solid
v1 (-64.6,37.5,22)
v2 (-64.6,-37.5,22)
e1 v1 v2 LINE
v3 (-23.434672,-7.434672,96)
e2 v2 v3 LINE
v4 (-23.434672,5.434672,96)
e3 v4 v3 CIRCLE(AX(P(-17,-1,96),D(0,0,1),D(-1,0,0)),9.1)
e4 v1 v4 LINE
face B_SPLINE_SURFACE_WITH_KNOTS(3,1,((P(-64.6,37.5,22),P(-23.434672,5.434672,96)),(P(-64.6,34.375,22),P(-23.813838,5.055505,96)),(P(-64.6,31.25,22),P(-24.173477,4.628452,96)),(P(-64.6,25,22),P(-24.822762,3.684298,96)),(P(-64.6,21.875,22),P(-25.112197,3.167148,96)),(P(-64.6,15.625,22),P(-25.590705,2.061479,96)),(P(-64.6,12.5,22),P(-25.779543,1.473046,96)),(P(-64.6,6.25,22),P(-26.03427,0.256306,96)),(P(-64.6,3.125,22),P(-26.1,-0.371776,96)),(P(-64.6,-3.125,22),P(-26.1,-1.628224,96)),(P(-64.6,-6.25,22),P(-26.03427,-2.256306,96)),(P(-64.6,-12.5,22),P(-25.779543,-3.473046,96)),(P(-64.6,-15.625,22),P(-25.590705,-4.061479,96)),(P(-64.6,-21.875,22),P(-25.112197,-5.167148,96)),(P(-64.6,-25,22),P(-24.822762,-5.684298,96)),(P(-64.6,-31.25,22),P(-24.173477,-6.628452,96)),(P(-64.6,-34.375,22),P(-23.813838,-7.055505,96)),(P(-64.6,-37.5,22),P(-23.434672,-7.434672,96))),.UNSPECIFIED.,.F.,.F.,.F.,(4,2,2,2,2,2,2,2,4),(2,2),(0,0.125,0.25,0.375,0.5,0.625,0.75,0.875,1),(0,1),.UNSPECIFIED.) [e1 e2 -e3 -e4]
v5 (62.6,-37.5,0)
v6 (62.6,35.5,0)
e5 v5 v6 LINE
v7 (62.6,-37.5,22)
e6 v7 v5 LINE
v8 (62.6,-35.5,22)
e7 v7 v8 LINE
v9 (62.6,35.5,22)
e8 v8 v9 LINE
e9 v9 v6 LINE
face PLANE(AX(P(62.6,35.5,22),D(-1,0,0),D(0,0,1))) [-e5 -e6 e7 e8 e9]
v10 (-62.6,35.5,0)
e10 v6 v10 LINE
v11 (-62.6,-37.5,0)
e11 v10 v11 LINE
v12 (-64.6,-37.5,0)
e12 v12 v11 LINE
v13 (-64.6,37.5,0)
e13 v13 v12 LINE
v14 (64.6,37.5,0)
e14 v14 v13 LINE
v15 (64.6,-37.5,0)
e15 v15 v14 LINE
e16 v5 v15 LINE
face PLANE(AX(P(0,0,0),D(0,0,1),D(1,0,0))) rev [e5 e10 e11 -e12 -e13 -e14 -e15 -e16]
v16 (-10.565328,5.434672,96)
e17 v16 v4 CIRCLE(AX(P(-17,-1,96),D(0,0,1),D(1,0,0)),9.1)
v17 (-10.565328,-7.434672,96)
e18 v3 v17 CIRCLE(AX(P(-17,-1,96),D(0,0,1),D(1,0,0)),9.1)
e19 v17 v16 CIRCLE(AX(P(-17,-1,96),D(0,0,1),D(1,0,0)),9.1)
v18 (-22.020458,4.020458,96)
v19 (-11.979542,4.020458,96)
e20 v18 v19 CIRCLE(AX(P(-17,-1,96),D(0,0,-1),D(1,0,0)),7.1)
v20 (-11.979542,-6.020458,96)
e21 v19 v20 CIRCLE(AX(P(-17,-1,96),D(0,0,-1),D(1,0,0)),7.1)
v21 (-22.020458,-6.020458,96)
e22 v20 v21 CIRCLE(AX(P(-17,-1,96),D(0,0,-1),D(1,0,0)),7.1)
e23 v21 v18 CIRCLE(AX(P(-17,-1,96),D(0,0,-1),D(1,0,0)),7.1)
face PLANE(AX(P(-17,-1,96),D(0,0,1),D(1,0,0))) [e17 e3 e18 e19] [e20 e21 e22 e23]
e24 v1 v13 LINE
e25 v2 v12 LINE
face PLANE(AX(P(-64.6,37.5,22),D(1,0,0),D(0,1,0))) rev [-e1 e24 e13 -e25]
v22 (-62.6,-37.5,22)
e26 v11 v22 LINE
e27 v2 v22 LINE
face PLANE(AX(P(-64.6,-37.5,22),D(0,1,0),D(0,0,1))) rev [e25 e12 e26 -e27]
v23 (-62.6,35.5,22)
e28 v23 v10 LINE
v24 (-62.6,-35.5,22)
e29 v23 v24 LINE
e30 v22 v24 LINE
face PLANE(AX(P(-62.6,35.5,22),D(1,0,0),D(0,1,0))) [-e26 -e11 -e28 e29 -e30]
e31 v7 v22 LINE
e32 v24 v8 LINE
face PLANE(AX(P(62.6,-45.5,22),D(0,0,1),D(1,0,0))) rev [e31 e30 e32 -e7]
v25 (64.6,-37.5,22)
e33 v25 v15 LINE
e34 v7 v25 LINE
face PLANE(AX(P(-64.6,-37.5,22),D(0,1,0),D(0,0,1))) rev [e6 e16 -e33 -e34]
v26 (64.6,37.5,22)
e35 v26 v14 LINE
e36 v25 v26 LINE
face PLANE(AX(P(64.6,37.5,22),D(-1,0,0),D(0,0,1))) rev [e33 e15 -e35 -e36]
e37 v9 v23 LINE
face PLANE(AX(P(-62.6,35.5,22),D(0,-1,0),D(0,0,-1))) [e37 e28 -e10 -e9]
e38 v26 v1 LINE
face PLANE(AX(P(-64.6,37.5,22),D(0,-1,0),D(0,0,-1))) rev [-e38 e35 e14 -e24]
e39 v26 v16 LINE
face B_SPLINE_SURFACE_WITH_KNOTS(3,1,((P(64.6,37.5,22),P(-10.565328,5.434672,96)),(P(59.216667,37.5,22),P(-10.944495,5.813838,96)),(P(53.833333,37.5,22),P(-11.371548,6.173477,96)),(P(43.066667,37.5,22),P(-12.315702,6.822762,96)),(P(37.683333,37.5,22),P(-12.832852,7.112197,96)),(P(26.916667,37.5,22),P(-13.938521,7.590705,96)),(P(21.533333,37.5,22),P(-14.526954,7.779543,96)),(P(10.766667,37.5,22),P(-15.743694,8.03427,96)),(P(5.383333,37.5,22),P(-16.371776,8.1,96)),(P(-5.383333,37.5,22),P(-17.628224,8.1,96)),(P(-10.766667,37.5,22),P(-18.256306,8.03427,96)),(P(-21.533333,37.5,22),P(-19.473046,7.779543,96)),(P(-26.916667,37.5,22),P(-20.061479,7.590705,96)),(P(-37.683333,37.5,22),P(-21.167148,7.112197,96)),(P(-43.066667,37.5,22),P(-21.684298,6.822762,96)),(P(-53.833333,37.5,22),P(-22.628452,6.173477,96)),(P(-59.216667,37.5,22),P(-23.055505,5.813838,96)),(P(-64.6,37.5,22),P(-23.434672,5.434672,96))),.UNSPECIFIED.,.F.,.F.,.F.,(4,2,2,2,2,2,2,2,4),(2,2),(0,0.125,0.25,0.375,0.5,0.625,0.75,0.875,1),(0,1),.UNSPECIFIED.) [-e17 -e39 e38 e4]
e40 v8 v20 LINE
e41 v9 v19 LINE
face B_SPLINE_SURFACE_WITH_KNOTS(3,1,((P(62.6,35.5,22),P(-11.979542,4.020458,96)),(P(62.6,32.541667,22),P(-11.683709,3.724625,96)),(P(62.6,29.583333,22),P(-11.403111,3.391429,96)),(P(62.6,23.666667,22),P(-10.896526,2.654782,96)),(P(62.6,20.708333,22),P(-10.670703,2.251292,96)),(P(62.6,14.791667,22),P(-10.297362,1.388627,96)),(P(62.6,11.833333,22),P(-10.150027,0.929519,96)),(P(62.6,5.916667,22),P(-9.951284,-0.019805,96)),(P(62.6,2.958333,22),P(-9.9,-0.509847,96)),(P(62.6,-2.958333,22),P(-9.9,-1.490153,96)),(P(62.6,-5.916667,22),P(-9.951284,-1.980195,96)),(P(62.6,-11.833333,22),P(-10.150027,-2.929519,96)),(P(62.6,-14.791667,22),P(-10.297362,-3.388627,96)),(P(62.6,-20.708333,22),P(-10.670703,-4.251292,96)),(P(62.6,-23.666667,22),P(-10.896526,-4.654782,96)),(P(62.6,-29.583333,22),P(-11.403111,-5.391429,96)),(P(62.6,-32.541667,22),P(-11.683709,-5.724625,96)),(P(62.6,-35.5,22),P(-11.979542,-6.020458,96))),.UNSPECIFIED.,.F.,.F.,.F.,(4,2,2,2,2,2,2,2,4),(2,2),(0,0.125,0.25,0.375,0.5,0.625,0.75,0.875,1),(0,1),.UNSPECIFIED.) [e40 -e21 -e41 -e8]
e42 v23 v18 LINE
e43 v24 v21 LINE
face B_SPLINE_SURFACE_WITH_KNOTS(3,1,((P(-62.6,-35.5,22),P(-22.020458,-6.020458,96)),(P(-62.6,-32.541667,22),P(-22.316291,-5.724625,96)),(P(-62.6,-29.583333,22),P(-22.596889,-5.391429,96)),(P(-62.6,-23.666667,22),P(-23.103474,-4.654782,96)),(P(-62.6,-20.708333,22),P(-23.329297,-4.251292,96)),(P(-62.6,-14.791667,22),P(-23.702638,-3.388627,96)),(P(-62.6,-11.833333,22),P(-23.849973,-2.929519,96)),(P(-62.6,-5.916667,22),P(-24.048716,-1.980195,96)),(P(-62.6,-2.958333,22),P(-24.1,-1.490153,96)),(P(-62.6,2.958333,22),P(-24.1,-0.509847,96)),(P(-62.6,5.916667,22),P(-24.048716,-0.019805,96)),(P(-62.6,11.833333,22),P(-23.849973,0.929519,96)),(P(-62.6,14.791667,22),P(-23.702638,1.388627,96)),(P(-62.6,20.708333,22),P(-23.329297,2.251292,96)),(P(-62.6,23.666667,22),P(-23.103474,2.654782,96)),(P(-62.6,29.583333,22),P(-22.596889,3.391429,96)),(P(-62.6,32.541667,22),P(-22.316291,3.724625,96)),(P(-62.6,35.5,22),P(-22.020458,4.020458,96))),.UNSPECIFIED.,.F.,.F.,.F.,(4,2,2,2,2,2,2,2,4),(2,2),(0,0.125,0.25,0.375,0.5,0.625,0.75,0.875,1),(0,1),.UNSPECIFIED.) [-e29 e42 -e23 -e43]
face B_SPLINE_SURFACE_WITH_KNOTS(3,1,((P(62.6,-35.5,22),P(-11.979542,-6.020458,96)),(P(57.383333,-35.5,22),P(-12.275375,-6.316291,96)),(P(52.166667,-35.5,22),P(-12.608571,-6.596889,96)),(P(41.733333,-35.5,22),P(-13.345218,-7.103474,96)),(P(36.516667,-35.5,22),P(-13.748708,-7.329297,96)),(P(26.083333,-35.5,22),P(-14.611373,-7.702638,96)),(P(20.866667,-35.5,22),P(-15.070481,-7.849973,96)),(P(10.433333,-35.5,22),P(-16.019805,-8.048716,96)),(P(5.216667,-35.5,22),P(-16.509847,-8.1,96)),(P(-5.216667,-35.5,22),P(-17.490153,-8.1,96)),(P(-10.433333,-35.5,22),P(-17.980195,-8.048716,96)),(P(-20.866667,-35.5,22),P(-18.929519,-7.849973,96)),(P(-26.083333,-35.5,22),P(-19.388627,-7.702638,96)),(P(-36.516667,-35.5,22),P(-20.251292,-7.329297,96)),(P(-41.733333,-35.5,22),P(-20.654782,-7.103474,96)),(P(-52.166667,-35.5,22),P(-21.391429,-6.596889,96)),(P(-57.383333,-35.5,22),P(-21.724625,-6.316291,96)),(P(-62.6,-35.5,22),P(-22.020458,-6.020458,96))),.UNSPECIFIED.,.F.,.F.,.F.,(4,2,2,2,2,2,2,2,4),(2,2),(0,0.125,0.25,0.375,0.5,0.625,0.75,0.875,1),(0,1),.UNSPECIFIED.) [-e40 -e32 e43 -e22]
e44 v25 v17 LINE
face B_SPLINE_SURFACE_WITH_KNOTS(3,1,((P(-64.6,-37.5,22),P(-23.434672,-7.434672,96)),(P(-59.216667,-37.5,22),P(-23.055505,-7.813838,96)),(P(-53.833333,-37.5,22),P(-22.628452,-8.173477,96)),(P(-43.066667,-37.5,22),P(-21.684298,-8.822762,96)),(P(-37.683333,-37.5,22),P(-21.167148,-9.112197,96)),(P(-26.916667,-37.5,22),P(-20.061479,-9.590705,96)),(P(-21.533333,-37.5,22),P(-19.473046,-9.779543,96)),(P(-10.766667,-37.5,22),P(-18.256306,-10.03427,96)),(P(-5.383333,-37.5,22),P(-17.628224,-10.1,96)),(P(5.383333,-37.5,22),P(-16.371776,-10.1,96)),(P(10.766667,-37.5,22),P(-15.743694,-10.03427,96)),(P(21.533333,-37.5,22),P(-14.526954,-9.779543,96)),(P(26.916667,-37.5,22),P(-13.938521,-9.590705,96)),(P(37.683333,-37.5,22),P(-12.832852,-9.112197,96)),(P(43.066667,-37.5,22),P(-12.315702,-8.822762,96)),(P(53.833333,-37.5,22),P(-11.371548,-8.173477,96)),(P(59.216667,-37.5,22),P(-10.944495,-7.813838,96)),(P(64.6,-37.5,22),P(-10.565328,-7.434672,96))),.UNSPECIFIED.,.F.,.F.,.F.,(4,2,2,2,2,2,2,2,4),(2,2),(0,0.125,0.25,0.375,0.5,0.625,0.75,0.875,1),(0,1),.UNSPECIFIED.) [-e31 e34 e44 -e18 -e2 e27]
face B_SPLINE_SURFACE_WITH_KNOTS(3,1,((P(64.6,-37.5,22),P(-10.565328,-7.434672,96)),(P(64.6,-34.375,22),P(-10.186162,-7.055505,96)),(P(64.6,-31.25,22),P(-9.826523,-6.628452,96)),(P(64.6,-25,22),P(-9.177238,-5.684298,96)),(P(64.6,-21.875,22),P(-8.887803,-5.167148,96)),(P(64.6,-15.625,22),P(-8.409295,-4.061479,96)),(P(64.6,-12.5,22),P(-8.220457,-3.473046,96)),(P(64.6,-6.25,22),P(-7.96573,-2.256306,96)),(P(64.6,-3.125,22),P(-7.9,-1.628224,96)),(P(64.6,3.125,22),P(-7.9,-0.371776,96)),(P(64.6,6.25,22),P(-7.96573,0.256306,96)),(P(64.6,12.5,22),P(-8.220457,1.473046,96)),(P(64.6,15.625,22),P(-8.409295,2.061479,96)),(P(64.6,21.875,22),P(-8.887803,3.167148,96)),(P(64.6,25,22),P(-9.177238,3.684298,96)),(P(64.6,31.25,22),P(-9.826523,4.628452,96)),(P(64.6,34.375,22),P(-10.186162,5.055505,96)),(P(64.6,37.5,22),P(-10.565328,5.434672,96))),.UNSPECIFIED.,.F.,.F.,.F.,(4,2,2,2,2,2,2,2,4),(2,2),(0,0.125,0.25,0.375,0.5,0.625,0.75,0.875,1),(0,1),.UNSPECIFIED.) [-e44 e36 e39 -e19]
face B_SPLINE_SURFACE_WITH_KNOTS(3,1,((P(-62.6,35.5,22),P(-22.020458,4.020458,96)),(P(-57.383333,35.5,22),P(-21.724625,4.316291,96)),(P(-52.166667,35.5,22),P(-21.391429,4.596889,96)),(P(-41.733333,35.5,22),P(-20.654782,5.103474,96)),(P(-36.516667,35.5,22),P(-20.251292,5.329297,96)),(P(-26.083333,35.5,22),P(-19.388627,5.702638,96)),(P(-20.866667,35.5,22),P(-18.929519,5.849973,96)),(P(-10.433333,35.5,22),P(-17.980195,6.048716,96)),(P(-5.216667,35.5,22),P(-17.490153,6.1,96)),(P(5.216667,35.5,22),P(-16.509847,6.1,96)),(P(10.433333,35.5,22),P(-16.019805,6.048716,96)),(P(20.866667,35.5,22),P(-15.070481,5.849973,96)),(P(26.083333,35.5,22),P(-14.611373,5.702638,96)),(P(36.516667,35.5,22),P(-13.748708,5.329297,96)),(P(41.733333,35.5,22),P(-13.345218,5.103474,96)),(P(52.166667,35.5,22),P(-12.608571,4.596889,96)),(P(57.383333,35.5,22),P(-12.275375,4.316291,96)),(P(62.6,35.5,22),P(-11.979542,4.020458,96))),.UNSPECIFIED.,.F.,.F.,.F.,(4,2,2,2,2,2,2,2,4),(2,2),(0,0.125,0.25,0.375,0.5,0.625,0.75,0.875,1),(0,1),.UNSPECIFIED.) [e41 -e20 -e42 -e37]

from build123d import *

# Parameters (mm, degrees)
SKETCH_1_W          = 129.2
SKETCH_1_H          = 75
SKETCH_1_W_2        = 125.2
SKETCH_1_H_2        = 71
EXTRUDE_1_DEPTH     = 22
SKETCH_11_W         = 125.2
SKETCH_11_H         = 22
CUT_EXTRUDE_1_DEPTH = 10


with BuildPart() as part:
    # 草图1 → 凸台-拉伸1 (new body)
    with BuildSketch(Plane.XY):
        Rectangle(SKETCH_1_W, SKETCH_1_H)
        Rectangle(SKETCH_1_W_2, SKETCH_1_H_2, mode=Mode.SUBTRACT)
    extrude(amount=EXTRUDE_1_DEPTH)

    # 草图2 → 放样1 section 0
    with BuildSketch(Plane.XY.offset(22)):
        with BuildLine():
            Line((-64.6, 37.5), (-62.6, 35.5))
            Line((-62.6, 35.5), (62.6, 35.5))
            Line((62.6, 35.5), (64.6, 37.5))
            Line((64.6, 37.5), (-64.6, 37.5))
        make_face()
    # 草图6 for 放样1 → 放样1 section 1
    with BuildSketch(Plane.XY.offset(96)):
        with BuildLine():
            Line((-22.020458146, 4.020458146), (-23.434671709, 5.434671709))
            # circular arc as an exact rational Bezier (weights 1, cos(half-angle), 1)
            Bezier((-23.434671709, 5.434671709), (-17, 11.869343418), (-10.565328291, 5.434671709), weights=[1, 0.707106781, 1])
            Line((-10.565328291, 5.434671709), (-11.979541854, 4.020458146))
            Bezier((-11.979541854, 4.020458146), (-17, 9.040916293), (-22.020458146, 4.020458146), weights=[1, 0.707106781, 1])
        make_face()
    loft()

    # 草图3 → 放样2 section 0
    with BuildSketch(Plane.XY.offset(22)):
        with BuildLine():
            Line((-62.6, 35.5), (-64.6, 37.5))
            Line((-64.6, 37.5), (-64.6, -37.5))
            Line((-64.6, -37.5), (-62.6, -35.5))
            Line((-62.6, -35.5), (-62.6, 35.5))
        make_face()
    # 草图7 for 放样2 → 放样2 section 1
    with BuildSketch(Plane.XY.offset(96)):
        with BuildLine():
            Line((-22.020458146, 4.020458146), (-23.434671709, 5.434671709))
            Bezier((-23.434671709, 5.434671709), (-29.869343418, -1), (-23.434671709, -7.434671709), weights=[1, 0.707106781, 1])
            Line((-23.434671709, -7.434671709), (-22.020458146, -6.020458146))
            Bezier((-22.020458146, -6.020458146), (-27.040916293, -1), (-22.020458146, 4.020458146), weights=[1, 0.707106781, 1])
        make_face()
    loft()

    # 草图4 → 放样3 section 0
    with BuildSketch(Plane.XY.offset(22)):
        with BuildLine():
            Line((-62.6, -35.5), (-64.6, -37.5))
            Line((-64.6, -37.5), (64.6, -37.5))
            Line((64.6, -37.5), (62.6, -35.5))
            Line((62.6, -35.5), (-62.6, -35.5))
        make_face()
    # 草图8 for 放样3 → 放样3 section 1
    with BuildSketch(Plane.XY.offset(96)):
        with BuildLine():
            Line((-22.020458146, -6.020458146), (-23.434671709, -7.434671709))
            Bezier((-23.434671709, -7.434671709), (-17, -13.869343418), (-10.565328291, -7.434671709), weights=[1, 0.707106781, 1])
            Line((-10.565328291, -7.434671709), (-11.979541854, -6.020458146))
            Bezier((-11.979541854, -6.020458146), (-17, -11.040916293), (-22.020458146, -6.020458146), weights=[1, 0.707106781, 1])
        make_face()
    loft()

    # 草图5 → 放样4 section 0
    with BuildSketch(Plane.XY.offset(22)):
        with BuildLine():
            Line((64.6, 37.5), (62.6, 35.5))
            Line((62.6, 35.5), (62.6, -35.5))
            Line((62.6, -35.5), (64.6, -37.5))
            Line((64.6, -37.5), (64.6, 37.5))
        make_face()
    # 草图9 for 放样4 → 放样4 section 1
    with BuildSketch(Plane.XY.offset(96)):
        with BuildLine():
            Line((-10.565328291, 5.434671709), (-11.979541854, 4.020458146))
            Bezier((-11.979541854, 4.020458146), (-6.959083707, -1), (-11.979541854, -6.020458146), weights=[1, 0.707106781, 1])
            Line((-11.979541854, -6.020458146), (-10.565328291, -7.434671709))
            Bezier((-10.565328291, -7.434671709), (-4.130656582, -1), (-10.565328291, 5.434671709), weights=[1, 0.707106781, 1])
        make_face()
    loft()

    # 草图11 → 切除-拉伸1 (cut)
    with BuildSketch(Plane(origin=(0, -35.5, 0), x_dir=(1, 0, 0), z_dir=(0, 1, 0))):
        with Locations((0, -11)):
            Rectangle(SKETCH_11_W, SKETCH_11_H)
    extrude(amount=-CUT_EXTRUDE_1_DEPTH, mode=Mode.SUBTRACT)


solid = part.part
